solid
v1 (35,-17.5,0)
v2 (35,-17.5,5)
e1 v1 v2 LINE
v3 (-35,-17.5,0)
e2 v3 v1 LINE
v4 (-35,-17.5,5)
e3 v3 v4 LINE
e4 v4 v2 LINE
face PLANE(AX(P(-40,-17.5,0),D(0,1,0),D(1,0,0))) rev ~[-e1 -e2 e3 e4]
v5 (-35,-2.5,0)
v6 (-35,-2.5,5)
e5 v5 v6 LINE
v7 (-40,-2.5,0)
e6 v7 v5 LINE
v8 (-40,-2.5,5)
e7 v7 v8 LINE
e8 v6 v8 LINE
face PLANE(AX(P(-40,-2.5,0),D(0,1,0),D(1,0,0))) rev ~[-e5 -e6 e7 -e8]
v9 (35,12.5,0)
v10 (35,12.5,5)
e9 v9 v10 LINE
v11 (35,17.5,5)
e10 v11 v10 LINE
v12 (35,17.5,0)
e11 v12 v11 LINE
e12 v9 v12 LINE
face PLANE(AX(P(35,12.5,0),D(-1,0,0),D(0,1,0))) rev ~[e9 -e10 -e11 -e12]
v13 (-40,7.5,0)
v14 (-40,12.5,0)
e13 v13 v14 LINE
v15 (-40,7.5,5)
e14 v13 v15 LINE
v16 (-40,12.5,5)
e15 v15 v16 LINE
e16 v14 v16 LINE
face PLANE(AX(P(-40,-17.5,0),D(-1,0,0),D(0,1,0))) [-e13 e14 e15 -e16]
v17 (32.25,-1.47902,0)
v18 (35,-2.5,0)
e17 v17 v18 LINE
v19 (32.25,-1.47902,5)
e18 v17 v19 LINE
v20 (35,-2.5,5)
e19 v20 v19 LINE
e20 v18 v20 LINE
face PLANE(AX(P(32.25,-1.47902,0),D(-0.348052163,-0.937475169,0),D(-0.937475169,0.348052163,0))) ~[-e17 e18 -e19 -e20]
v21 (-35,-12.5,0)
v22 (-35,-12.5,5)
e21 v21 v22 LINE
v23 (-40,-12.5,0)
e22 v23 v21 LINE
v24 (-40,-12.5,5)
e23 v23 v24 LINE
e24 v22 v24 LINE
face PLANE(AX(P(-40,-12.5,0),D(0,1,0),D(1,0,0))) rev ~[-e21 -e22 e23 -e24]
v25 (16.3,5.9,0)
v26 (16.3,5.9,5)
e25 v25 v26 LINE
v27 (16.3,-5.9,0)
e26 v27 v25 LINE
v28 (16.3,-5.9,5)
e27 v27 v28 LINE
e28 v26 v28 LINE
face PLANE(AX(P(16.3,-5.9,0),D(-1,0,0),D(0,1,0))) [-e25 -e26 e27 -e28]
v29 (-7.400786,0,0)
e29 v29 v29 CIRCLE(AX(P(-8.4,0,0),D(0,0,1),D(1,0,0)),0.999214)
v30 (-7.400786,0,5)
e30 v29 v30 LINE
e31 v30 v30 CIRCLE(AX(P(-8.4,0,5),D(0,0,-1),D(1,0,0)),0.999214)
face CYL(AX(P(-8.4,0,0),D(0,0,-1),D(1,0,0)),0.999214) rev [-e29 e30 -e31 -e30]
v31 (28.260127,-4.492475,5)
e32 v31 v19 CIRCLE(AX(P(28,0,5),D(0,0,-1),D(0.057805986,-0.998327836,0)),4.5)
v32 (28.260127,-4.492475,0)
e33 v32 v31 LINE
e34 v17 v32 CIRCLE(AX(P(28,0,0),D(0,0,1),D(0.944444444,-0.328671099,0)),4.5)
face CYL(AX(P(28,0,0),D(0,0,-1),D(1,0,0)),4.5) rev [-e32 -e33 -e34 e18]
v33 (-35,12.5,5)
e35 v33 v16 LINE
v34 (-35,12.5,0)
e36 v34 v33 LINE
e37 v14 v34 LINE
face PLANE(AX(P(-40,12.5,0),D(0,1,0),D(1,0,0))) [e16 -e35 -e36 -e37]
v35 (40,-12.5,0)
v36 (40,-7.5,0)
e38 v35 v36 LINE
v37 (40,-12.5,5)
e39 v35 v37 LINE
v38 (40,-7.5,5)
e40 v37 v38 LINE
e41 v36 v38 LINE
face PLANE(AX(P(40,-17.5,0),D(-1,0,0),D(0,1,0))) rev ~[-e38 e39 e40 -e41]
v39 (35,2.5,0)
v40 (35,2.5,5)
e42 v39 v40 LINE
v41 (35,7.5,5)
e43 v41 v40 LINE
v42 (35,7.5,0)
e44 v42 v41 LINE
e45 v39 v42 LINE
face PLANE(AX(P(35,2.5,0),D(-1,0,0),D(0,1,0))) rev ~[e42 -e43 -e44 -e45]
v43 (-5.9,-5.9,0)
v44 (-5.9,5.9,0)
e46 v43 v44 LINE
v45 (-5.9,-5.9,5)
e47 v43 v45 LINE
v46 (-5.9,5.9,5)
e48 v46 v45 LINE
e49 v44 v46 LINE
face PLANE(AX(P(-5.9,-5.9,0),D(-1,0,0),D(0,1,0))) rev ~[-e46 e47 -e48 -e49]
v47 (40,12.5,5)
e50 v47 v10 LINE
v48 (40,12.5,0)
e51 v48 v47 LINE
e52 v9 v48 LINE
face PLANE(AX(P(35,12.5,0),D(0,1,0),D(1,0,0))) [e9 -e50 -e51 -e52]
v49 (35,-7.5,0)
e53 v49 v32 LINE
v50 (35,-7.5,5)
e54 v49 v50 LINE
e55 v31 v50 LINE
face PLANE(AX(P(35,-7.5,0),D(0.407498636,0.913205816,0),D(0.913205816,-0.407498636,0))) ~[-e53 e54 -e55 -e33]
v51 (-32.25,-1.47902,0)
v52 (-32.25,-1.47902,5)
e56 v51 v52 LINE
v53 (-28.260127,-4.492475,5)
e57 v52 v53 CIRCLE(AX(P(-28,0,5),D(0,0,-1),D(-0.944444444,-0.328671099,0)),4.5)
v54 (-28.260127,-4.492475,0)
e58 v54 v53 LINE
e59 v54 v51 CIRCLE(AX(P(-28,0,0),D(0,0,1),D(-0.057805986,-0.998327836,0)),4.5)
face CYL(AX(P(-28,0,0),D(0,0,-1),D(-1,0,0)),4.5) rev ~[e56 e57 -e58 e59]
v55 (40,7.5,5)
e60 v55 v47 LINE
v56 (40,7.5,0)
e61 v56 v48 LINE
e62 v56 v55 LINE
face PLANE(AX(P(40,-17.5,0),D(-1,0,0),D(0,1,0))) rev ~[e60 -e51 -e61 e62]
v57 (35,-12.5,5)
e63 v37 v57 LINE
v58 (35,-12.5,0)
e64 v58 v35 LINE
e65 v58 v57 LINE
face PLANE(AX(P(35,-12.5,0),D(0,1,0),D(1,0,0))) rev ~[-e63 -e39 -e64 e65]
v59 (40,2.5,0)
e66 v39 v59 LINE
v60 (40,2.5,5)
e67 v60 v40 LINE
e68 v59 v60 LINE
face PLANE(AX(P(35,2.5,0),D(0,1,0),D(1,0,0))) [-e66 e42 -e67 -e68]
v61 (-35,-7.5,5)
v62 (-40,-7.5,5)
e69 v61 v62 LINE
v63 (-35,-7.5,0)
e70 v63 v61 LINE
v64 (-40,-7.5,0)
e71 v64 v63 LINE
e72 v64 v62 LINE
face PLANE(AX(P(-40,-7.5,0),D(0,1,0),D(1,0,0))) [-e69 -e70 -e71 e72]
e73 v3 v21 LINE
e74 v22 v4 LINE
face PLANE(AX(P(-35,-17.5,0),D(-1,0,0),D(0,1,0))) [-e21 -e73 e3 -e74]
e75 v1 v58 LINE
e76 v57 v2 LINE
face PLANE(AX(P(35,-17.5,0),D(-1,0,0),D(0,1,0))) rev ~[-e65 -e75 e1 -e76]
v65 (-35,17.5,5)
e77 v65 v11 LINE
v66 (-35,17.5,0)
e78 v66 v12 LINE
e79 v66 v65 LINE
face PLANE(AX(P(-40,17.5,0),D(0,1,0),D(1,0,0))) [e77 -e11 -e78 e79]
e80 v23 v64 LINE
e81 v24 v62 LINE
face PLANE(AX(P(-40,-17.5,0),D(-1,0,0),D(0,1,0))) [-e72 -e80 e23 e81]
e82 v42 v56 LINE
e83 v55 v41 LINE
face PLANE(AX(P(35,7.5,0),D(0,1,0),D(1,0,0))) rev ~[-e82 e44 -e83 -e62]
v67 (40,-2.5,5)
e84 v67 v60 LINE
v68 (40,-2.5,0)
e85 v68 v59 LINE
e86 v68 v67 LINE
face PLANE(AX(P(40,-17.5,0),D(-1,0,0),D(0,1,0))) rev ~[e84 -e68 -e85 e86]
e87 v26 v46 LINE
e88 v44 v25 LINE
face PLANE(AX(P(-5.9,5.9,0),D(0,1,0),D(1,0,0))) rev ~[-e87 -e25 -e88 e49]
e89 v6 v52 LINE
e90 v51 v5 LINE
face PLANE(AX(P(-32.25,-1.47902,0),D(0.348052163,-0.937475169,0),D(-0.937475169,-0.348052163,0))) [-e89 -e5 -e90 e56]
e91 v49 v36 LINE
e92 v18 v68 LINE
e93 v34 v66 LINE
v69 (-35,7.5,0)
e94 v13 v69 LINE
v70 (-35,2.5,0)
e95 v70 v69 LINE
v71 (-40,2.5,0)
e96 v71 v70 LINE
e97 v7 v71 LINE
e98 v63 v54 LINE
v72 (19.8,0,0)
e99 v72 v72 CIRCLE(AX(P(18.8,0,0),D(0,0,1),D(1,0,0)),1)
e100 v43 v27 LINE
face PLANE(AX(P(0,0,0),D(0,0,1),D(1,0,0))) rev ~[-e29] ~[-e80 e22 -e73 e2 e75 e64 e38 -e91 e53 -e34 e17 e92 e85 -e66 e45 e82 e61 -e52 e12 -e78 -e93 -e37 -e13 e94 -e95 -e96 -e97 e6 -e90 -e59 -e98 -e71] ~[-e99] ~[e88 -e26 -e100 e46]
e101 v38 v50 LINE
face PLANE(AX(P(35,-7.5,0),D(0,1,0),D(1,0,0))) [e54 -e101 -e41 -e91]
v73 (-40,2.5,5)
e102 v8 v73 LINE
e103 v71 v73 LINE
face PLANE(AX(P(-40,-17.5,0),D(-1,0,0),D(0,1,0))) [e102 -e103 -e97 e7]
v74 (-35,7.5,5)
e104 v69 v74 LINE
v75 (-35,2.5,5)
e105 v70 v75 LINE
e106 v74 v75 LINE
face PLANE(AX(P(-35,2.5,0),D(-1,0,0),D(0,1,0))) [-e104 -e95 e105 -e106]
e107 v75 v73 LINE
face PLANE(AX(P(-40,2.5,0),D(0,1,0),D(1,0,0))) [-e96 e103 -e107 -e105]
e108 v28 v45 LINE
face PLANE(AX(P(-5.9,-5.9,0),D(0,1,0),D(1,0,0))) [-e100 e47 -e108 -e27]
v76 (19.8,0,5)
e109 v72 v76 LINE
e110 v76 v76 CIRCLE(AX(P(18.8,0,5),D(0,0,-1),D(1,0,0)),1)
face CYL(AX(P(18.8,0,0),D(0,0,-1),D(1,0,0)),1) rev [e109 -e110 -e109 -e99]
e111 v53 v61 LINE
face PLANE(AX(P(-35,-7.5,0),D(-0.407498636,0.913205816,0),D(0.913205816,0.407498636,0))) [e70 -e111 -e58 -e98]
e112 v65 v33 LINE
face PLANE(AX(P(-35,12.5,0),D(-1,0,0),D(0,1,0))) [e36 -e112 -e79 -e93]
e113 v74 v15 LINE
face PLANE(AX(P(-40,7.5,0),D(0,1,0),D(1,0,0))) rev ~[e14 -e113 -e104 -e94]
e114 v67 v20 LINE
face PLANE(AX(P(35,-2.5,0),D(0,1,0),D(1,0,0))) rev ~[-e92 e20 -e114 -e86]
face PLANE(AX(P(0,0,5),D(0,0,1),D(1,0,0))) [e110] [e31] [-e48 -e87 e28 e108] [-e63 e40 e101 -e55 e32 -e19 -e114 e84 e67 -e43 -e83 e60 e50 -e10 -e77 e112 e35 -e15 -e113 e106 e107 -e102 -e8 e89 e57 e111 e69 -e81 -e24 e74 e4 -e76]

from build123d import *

# Parameters (mm, degrees)
ESQUISSE1_W                = 80
ESQUISSE1_H                = 35
BOSS_EXTRU_1_DEPTH         = 5
ESQUISSE3_W                = 5
ESQUISSE3_H                = 5
ENL_V_MAT_EXTRU_1_DEPTH    = 10
R_P_TITION_LIN_AIRE1_COUNT = 4
R_P_TITION_LIN_AIRE1_PITCH = 10
ESQUISSE4_W                = 5
ESQUISSE4_H                = 5
ENL_V_MAT_EXTRU_2_DEPTH    = 10
R_P_TITION_LIN_AIRE2_COUNT = 4
R_P_TITION_LIN_AIRE2_PITCH = 10
ESQUISSE6_W                = 22.2
ESQUISSE6_H                = 11.8
ENL_V_MAT_EXTRU_5_DEPTH    = 10
ESQUISSE7_R                = 1
ESQUISSE7_R_2              = 0.999214349
ENL_V_MAT_EXTRU_7_DEPTH    = 10
ESQUISSE8_R                = 4.5
ENL_V_MAT_EXTRU_8_DEPTH    = 10
ENL_V_MAT_EXTRU_9_DEPTH    = 10


with BuildPart() as part:
    # Esquisse1 → Boss.-Extru.1 (new body)
    with BuildSketch(Plane.XY):
        Rectangle(ESQUISSE1_W, ESQUISSE1_H)
    extrude(amount=BOSS_EXTRU_1_DEPTH)

    # Esquisse3 → Enlèv. mat.-Extru.1 (cut)
    with BuildSketch(Plane.XY):
        with Locations((37.5, -15)):
            Rectangle(ESQUISSE3_W, ESQUISSE3_H)
    enl_v_mat_extru_1 = extrude(amount=ENL_V_MAT_EXTRU_1_DEPTH, mode=Mode.SUBTRACT)

    # Répétition linéaire1: Enlèv. mat.-Extru.1 ×4
    with Locations(*[(0, i * R_P_TITION_LIN_AIRE1_PITCH, 0) for i in range(1, R_P_TITION_LIN_AIRE1_COUNT)]):
        add(enl_v_mat_extru_1, mode=Mode.SUBTRACT)

    # Esquisse4 → Enlèv. mat.-Extru.2 (cut)
    with BuildSketch(Plane.XY):
        with Locations((-37.5, -15)):
            Rectangle(ESQUISSE4_W, ESQUISSE4_H)
    enl_v_mat_extru_2 = extrude(amount=ENL_V_MAT_EXTRU_2_DEPTH, mode=Mode.SUBTRACT)

    # Répétition linéaire2: Enlèv. mat.-Extru.2 ×4
    with Locations(*[(0, i * R_P_TITION_LIN_AIRE2_PITCH, 0) for i in range(1, R_P_TITION_LIN_AIRE2_COUNT)]):
        add(enl_v_mat_extru_2, mode=Mode.SUBTRACT)

    # Esquisse6 → Enlèv. mat.-Extru.5 (cut)
    with BuildSketch(Plane.XY):
        with Locations((5.2, 0)):
            Rectangle(ESQUISSE6_W, ESQUISSE6_H)
    extrude(amount=ENL_V_MAT_EXTRU_5_DEPTH, mode=Mode.SUBTRACT)

    # Esquisse7 → Enlèv. mat.-Extru.7 (cut)
    with BuildSketch(Plane.XY):
        with Locations((18.8, 0)):
            Circle(ESQUISSE7_R)
        with Locations((-8.4, 0)):
            Circle(ESQUISSE7_R_2)
    extrude(amount=ENL_V_MAT_EXTRU_7_DEPTH, mode=Mode.SUBTRACT)

    # Esquisse8 → Enlèv. mat.-Extru.8 (cut)
    with BuildSketch(Plane(origin=(0, 0, 0), x_dir=(-1, 0, 0), z_dir=(0, 0, -1))):
        with Locations((28, 0)):
            Circle(ESQUISSE8_R)
    enl_v_mat_extru_8 = extrude(amount=-ENL_V_MAT_EXTRU_8_DEPTH, mode=Mode.SUBTRACT)

    # Esquisse9 → Enlèv. mat.-Extru.9 (cut)
    with BuildSketch(Plane(origin=(0, 0, 0), x_dir=(-1, 0, 0), z_dir=(0, 0, -1))):
        Polygon((32.25, -1.479019946), (35, -2.5), (35, -7.5), (28.260126937, -4.492475262), align=None)
    enl_v_mat_extru_9 = extrude(amount=-ENL_V_MAT_EXTRU_9_DEPTH, mode=Mode.SUBTRACT)

    # Symétrie1: Enlèv. mat.-Extru.8, Enlèv. mat.-Extru.9 across plane
    add(enl_v_mat_extru_8.mirror(Plane(origin=(0, 0, 0), x_dir=(0, 0, 1), z_dir=(1, 0, 0))), mode=Mode.SUBTRACT)
    add(enl_v_mat_extru_9.mirror(Plane(origin=(0, 0, 0), x_dir=(0, 0, 1), z_dir=(1, 0, 0))), mode=Mode.SUBTRACT)


solid = part.part
